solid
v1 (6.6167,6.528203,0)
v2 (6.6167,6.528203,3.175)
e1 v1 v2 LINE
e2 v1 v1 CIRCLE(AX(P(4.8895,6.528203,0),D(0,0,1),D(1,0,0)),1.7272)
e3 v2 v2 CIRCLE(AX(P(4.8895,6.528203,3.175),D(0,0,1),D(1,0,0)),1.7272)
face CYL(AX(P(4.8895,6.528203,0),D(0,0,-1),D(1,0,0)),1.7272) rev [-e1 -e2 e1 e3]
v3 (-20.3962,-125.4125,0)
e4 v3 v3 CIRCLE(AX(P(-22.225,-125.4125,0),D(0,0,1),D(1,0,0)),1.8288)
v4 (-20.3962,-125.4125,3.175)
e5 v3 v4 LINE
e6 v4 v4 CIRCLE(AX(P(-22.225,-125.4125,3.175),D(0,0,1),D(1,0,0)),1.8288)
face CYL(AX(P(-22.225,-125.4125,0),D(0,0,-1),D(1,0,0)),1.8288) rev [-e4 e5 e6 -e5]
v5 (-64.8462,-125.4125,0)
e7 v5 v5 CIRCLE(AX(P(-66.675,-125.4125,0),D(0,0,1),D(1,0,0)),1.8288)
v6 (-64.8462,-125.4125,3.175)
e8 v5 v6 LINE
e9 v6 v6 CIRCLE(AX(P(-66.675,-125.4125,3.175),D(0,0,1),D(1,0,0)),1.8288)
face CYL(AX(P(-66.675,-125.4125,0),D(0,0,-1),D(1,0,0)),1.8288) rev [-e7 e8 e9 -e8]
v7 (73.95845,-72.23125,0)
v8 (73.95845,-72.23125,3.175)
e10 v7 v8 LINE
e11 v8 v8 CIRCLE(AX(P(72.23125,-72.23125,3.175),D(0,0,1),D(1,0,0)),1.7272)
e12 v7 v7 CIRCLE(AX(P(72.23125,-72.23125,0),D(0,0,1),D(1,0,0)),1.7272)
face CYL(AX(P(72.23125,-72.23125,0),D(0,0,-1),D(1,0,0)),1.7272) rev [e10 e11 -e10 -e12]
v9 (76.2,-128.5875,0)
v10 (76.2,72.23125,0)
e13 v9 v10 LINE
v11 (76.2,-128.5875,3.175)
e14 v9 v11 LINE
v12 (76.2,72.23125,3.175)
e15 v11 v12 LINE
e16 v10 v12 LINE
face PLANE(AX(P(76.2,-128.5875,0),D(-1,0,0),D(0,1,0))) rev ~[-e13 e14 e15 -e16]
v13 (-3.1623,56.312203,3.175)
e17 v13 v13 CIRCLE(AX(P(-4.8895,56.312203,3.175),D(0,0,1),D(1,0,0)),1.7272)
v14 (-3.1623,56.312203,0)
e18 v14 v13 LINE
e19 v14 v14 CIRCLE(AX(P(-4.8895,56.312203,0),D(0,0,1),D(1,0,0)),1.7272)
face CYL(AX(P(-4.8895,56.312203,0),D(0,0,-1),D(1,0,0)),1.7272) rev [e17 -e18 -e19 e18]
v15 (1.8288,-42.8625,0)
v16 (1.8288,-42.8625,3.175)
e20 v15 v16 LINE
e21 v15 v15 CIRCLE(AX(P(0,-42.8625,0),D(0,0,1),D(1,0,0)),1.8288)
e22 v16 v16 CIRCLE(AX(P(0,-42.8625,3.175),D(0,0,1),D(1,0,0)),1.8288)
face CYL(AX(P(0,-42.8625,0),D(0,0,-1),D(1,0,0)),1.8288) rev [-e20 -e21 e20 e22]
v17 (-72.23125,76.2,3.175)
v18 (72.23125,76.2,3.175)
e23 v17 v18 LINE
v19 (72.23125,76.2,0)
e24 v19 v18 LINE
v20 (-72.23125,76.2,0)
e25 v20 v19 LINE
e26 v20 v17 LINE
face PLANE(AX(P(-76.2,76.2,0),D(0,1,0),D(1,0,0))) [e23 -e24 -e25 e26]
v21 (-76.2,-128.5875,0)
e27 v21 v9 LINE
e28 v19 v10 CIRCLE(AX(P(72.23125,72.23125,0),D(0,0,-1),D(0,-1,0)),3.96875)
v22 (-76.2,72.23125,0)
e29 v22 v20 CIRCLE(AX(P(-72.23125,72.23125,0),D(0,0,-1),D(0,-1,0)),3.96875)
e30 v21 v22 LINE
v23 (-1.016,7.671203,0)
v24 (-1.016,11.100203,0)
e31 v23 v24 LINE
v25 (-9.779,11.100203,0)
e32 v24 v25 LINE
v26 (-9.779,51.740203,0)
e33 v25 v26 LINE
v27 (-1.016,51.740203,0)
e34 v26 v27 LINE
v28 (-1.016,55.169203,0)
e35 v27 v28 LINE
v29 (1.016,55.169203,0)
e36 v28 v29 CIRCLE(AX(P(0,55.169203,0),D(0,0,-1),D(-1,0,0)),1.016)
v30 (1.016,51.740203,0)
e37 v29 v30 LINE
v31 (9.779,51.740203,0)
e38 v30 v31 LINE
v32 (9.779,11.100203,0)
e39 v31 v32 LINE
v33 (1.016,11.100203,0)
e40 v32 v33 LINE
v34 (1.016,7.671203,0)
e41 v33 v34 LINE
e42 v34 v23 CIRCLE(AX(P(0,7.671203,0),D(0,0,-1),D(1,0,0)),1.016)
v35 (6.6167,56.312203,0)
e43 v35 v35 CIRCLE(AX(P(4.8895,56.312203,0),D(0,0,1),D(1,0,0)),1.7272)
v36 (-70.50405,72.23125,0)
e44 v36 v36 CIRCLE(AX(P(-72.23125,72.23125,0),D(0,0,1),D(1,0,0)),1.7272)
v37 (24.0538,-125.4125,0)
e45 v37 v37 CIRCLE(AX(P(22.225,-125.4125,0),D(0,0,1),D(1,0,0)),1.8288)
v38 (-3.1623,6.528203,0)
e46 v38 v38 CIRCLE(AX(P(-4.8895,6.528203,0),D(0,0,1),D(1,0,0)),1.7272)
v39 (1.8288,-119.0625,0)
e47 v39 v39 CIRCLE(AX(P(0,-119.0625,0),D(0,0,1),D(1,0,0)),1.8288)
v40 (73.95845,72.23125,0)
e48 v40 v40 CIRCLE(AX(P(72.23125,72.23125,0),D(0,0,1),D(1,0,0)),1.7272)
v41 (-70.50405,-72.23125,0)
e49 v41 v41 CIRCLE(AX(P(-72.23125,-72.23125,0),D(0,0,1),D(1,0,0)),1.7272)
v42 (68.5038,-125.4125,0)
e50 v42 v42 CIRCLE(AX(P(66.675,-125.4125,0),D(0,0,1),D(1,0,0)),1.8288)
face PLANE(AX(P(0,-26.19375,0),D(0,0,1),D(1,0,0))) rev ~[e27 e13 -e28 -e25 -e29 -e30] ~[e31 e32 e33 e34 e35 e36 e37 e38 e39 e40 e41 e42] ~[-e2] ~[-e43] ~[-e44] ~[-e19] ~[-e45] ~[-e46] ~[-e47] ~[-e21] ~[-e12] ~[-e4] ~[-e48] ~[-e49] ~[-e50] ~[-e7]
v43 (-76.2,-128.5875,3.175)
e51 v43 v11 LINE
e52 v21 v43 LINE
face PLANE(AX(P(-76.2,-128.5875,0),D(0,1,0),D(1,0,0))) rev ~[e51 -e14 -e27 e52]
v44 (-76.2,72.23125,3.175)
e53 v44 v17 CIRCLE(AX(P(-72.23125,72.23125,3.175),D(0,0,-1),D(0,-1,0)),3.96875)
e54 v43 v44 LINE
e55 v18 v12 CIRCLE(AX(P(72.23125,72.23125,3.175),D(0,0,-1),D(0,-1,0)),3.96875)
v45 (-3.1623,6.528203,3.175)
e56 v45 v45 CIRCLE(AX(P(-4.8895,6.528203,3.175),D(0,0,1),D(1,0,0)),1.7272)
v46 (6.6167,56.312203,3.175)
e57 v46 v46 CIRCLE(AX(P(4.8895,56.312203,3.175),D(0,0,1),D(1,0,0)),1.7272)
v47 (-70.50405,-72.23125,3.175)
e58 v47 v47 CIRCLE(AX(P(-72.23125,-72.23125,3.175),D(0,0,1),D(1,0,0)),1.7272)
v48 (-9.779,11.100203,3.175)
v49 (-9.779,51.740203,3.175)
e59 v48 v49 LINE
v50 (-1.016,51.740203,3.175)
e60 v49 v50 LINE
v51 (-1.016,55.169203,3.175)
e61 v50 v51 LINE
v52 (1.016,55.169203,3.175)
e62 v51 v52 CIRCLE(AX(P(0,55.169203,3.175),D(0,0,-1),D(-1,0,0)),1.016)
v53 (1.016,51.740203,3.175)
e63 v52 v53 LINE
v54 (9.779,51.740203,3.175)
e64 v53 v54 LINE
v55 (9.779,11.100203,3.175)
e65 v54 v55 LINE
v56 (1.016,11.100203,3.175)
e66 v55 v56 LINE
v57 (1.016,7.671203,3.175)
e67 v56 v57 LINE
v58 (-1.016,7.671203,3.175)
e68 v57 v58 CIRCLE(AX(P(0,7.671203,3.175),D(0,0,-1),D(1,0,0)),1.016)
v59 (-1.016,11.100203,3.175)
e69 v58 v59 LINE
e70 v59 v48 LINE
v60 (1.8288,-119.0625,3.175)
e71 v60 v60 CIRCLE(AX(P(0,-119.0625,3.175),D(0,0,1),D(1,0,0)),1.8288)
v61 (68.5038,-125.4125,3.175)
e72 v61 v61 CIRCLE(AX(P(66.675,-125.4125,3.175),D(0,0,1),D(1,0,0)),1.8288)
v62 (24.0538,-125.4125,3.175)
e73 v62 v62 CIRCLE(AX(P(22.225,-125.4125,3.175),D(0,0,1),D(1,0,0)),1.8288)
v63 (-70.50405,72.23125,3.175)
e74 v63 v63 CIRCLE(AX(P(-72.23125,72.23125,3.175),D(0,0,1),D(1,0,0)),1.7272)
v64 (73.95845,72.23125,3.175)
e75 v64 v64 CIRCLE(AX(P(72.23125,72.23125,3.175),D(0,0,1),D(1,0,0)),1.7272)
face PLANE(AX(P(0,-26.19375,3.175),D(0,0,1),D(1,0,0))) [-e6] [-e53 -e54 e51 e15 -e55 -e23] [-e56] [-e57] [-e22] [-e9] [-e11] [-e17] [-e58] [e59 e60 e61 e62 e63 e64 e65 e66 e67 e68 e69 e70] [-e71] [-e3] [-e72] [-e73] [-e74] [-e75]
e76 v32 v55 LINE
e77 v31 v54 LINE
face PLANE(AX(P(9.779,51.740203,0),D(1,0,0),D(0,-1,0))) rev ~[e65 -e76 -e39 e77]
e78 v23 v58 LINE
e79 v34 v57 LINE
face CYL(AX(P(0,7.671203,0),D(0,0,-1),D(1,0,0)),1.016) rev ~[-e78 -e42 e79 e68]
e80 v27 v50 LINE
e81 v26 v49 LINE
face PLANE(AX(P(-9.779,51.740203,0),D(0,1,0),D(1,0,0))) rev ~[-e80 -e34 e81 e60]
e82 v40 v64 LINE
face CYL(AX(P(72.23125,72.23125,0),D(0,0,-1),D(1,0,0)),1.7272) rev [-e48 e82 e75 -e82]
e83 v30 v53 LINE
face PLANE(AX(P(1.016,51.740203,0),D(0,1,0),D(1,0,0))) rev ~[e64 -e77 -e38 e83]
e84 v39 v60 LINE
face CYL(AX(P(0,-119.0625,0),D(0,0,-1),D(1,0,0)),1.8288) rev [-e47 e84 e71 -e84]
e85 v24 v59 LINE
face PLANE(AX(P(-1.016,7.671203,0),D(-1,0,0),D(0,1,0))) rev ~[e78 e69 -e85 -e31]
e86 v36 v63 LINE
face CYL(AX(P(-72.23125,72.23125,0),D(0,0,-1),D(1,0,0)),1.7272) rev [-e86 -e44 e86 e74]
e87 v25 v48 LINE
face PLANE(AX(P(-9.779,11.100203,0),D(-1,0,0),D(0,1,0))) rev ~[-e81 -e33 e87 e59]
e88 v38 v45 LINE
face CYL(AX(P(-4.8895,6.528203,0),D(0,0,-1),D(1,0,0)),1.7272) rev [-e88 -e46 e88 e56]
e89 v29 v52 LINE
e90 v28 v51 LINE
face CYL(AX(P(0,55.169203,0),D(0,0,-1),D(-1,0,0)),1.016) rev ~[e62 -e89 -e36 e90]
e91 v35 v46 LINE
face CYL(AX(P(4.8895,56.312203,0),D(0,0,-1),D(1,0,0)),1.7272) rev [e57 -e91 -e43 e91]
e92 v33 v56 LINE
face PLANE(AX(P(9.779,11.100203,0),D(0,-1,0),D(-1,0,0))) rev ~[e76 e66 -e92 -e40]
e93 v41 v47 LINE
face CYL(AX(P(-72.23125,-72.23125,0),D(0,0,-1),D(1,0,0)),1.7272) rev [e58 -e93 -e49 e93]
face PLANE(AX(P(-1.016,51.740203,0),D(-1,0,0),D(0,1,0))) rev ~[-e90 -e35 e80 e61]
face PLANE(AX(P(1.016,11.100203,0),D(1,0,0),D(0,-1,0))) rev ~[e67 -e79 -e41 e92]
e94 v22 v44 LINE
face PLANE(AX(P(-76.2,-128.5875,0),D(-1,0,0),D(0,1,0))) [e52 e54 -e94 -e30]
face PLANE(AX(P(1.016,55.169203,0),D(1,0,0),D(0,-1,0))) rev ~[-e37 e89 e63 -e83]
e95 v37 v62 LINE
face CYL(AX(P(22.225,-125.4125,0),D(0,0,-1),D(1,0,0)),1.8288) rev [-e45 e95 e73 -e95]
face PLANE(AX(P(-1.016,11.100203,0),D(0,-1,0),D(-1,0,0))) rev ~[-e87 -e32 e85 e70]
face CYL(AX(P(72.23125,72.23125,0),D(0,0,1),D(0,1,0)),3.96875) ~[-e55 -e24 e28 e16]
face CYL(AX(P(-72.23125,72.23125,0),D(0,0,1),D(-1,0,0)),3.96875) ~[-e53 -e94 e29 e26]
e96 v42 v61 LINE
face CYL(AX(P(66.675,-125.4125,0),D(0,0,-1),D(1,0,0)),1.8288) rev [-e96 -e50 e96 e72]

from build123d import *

# Parameters (mm, degrees)
F0_W     = 152.4
F0_H     = 204.7875
F0_R     = 1.8288
F0_R_2   = 1.7272
F1_DEPTH = 3.175
F2_R     = 3.96875


with BuildPart() as f1:
    # F0 (on Top) → F1 (new body)
    with BuildSketch(Plane.XY):
        with Locations((0, -26.19375)):
            Rectangle(F0_W, F0_H)
        with Locations((-66.675, -125.4125)):
            Circle(F0_R, mode=Mode.SUBTRACT)
        with Locations((-22.225, -125.4125)):
            Circle(F0_R, mode=Mode.SUBTRACT)
        with Locations((-72.23125, -72.23125)):
            Circle(F0_R_2, mode=Mode.SUBTRACT)
        with Locations((0, -119.0625)):
            Circle(F0_R, mode=Mode.SUBTRACT)
        with Locations((22.225, -125.4125)):
            Circle(F0_R, mode=Mode.SUBTRACT)
        with Locations((66.675, -125.4125)):
            Circle(F0_R, mode=Mode.SUBTRACT)
        with Locations((0, -42.8625)):
            Circle(F0_R, mode=Mode.SUBTRACT)
        with Locations((72.23125, -72.23125)):
            Circle(F0_R_2, mode=Mode.SUBTRACT)
        with Locations((-4.8895, 6.528203)):
            Circle(F0_R_2, mode=Mode.SUBTRACT)
        with Locations((-72.23125, 72.23125)):
            Circle(F0_R_2, mode=Mode.SUBTRACT)
        with Locations((-4.8895, 56.312203)):
            Circle(F0_R_2, mode=Mode.SUBTRACT)
        with Locations((4.8895, 6.528203)):
            Circle(F0_R_2, mode=Mode.SUBTRACT)
        with BuildLine():
            Line((1.016, 55.169203), (1.016, 51.740203))
            Line((1.016, 51.740203), (9.779, 51.740203))
            Line((9.779, 51.740203), (9.779, 11.100203))
            Line((9.779, 11.100203), (1.016, 11.100203))
            Line((1.016, 11.100203), (1.016, 7.671203))
            ThreePointArc((1.016, 7.671203), (0, 6.655203), (-1.016, 7.671203))
            Line((-1.016, 7.671203), (-1.016, 11.100203))
            Line((-1.016, 11.100203), (-9.779, 11.100203))
            Line((-9.779, 11.100203), (-9.779, 51.740203))
            Line((-9.779, 51.740203), (-1.016, 51.740203))
            Line((-1.016, 51.740203), (-1.016, 55.169203))
            ThreePointArc((-1.016, 55.169203), (0, 56.185203), (1.016, 55.169203))
        make_face(mode=Mode.SUBTRACT)
        with Locations((4.8895, 56.312203)):
            Circle(F0_R_2, mode=Mode.SUBTRACT)
        with Locations((72.23125, 72.23125)):
            Circle(F0_R_2, mode=Mode.SUBTRACT)
    extrude(amount=F1_DEPTH)

    # F2
    f2_edges = [f1.edges().sort_by_distance(p)[0] for p in [
        (-76.2, 76.2, 1.5875),
        (76.2, 76.2, 1.5875),
    ]]
    fillet(f2_edges, radius=F2_R)


solid = f1.part
